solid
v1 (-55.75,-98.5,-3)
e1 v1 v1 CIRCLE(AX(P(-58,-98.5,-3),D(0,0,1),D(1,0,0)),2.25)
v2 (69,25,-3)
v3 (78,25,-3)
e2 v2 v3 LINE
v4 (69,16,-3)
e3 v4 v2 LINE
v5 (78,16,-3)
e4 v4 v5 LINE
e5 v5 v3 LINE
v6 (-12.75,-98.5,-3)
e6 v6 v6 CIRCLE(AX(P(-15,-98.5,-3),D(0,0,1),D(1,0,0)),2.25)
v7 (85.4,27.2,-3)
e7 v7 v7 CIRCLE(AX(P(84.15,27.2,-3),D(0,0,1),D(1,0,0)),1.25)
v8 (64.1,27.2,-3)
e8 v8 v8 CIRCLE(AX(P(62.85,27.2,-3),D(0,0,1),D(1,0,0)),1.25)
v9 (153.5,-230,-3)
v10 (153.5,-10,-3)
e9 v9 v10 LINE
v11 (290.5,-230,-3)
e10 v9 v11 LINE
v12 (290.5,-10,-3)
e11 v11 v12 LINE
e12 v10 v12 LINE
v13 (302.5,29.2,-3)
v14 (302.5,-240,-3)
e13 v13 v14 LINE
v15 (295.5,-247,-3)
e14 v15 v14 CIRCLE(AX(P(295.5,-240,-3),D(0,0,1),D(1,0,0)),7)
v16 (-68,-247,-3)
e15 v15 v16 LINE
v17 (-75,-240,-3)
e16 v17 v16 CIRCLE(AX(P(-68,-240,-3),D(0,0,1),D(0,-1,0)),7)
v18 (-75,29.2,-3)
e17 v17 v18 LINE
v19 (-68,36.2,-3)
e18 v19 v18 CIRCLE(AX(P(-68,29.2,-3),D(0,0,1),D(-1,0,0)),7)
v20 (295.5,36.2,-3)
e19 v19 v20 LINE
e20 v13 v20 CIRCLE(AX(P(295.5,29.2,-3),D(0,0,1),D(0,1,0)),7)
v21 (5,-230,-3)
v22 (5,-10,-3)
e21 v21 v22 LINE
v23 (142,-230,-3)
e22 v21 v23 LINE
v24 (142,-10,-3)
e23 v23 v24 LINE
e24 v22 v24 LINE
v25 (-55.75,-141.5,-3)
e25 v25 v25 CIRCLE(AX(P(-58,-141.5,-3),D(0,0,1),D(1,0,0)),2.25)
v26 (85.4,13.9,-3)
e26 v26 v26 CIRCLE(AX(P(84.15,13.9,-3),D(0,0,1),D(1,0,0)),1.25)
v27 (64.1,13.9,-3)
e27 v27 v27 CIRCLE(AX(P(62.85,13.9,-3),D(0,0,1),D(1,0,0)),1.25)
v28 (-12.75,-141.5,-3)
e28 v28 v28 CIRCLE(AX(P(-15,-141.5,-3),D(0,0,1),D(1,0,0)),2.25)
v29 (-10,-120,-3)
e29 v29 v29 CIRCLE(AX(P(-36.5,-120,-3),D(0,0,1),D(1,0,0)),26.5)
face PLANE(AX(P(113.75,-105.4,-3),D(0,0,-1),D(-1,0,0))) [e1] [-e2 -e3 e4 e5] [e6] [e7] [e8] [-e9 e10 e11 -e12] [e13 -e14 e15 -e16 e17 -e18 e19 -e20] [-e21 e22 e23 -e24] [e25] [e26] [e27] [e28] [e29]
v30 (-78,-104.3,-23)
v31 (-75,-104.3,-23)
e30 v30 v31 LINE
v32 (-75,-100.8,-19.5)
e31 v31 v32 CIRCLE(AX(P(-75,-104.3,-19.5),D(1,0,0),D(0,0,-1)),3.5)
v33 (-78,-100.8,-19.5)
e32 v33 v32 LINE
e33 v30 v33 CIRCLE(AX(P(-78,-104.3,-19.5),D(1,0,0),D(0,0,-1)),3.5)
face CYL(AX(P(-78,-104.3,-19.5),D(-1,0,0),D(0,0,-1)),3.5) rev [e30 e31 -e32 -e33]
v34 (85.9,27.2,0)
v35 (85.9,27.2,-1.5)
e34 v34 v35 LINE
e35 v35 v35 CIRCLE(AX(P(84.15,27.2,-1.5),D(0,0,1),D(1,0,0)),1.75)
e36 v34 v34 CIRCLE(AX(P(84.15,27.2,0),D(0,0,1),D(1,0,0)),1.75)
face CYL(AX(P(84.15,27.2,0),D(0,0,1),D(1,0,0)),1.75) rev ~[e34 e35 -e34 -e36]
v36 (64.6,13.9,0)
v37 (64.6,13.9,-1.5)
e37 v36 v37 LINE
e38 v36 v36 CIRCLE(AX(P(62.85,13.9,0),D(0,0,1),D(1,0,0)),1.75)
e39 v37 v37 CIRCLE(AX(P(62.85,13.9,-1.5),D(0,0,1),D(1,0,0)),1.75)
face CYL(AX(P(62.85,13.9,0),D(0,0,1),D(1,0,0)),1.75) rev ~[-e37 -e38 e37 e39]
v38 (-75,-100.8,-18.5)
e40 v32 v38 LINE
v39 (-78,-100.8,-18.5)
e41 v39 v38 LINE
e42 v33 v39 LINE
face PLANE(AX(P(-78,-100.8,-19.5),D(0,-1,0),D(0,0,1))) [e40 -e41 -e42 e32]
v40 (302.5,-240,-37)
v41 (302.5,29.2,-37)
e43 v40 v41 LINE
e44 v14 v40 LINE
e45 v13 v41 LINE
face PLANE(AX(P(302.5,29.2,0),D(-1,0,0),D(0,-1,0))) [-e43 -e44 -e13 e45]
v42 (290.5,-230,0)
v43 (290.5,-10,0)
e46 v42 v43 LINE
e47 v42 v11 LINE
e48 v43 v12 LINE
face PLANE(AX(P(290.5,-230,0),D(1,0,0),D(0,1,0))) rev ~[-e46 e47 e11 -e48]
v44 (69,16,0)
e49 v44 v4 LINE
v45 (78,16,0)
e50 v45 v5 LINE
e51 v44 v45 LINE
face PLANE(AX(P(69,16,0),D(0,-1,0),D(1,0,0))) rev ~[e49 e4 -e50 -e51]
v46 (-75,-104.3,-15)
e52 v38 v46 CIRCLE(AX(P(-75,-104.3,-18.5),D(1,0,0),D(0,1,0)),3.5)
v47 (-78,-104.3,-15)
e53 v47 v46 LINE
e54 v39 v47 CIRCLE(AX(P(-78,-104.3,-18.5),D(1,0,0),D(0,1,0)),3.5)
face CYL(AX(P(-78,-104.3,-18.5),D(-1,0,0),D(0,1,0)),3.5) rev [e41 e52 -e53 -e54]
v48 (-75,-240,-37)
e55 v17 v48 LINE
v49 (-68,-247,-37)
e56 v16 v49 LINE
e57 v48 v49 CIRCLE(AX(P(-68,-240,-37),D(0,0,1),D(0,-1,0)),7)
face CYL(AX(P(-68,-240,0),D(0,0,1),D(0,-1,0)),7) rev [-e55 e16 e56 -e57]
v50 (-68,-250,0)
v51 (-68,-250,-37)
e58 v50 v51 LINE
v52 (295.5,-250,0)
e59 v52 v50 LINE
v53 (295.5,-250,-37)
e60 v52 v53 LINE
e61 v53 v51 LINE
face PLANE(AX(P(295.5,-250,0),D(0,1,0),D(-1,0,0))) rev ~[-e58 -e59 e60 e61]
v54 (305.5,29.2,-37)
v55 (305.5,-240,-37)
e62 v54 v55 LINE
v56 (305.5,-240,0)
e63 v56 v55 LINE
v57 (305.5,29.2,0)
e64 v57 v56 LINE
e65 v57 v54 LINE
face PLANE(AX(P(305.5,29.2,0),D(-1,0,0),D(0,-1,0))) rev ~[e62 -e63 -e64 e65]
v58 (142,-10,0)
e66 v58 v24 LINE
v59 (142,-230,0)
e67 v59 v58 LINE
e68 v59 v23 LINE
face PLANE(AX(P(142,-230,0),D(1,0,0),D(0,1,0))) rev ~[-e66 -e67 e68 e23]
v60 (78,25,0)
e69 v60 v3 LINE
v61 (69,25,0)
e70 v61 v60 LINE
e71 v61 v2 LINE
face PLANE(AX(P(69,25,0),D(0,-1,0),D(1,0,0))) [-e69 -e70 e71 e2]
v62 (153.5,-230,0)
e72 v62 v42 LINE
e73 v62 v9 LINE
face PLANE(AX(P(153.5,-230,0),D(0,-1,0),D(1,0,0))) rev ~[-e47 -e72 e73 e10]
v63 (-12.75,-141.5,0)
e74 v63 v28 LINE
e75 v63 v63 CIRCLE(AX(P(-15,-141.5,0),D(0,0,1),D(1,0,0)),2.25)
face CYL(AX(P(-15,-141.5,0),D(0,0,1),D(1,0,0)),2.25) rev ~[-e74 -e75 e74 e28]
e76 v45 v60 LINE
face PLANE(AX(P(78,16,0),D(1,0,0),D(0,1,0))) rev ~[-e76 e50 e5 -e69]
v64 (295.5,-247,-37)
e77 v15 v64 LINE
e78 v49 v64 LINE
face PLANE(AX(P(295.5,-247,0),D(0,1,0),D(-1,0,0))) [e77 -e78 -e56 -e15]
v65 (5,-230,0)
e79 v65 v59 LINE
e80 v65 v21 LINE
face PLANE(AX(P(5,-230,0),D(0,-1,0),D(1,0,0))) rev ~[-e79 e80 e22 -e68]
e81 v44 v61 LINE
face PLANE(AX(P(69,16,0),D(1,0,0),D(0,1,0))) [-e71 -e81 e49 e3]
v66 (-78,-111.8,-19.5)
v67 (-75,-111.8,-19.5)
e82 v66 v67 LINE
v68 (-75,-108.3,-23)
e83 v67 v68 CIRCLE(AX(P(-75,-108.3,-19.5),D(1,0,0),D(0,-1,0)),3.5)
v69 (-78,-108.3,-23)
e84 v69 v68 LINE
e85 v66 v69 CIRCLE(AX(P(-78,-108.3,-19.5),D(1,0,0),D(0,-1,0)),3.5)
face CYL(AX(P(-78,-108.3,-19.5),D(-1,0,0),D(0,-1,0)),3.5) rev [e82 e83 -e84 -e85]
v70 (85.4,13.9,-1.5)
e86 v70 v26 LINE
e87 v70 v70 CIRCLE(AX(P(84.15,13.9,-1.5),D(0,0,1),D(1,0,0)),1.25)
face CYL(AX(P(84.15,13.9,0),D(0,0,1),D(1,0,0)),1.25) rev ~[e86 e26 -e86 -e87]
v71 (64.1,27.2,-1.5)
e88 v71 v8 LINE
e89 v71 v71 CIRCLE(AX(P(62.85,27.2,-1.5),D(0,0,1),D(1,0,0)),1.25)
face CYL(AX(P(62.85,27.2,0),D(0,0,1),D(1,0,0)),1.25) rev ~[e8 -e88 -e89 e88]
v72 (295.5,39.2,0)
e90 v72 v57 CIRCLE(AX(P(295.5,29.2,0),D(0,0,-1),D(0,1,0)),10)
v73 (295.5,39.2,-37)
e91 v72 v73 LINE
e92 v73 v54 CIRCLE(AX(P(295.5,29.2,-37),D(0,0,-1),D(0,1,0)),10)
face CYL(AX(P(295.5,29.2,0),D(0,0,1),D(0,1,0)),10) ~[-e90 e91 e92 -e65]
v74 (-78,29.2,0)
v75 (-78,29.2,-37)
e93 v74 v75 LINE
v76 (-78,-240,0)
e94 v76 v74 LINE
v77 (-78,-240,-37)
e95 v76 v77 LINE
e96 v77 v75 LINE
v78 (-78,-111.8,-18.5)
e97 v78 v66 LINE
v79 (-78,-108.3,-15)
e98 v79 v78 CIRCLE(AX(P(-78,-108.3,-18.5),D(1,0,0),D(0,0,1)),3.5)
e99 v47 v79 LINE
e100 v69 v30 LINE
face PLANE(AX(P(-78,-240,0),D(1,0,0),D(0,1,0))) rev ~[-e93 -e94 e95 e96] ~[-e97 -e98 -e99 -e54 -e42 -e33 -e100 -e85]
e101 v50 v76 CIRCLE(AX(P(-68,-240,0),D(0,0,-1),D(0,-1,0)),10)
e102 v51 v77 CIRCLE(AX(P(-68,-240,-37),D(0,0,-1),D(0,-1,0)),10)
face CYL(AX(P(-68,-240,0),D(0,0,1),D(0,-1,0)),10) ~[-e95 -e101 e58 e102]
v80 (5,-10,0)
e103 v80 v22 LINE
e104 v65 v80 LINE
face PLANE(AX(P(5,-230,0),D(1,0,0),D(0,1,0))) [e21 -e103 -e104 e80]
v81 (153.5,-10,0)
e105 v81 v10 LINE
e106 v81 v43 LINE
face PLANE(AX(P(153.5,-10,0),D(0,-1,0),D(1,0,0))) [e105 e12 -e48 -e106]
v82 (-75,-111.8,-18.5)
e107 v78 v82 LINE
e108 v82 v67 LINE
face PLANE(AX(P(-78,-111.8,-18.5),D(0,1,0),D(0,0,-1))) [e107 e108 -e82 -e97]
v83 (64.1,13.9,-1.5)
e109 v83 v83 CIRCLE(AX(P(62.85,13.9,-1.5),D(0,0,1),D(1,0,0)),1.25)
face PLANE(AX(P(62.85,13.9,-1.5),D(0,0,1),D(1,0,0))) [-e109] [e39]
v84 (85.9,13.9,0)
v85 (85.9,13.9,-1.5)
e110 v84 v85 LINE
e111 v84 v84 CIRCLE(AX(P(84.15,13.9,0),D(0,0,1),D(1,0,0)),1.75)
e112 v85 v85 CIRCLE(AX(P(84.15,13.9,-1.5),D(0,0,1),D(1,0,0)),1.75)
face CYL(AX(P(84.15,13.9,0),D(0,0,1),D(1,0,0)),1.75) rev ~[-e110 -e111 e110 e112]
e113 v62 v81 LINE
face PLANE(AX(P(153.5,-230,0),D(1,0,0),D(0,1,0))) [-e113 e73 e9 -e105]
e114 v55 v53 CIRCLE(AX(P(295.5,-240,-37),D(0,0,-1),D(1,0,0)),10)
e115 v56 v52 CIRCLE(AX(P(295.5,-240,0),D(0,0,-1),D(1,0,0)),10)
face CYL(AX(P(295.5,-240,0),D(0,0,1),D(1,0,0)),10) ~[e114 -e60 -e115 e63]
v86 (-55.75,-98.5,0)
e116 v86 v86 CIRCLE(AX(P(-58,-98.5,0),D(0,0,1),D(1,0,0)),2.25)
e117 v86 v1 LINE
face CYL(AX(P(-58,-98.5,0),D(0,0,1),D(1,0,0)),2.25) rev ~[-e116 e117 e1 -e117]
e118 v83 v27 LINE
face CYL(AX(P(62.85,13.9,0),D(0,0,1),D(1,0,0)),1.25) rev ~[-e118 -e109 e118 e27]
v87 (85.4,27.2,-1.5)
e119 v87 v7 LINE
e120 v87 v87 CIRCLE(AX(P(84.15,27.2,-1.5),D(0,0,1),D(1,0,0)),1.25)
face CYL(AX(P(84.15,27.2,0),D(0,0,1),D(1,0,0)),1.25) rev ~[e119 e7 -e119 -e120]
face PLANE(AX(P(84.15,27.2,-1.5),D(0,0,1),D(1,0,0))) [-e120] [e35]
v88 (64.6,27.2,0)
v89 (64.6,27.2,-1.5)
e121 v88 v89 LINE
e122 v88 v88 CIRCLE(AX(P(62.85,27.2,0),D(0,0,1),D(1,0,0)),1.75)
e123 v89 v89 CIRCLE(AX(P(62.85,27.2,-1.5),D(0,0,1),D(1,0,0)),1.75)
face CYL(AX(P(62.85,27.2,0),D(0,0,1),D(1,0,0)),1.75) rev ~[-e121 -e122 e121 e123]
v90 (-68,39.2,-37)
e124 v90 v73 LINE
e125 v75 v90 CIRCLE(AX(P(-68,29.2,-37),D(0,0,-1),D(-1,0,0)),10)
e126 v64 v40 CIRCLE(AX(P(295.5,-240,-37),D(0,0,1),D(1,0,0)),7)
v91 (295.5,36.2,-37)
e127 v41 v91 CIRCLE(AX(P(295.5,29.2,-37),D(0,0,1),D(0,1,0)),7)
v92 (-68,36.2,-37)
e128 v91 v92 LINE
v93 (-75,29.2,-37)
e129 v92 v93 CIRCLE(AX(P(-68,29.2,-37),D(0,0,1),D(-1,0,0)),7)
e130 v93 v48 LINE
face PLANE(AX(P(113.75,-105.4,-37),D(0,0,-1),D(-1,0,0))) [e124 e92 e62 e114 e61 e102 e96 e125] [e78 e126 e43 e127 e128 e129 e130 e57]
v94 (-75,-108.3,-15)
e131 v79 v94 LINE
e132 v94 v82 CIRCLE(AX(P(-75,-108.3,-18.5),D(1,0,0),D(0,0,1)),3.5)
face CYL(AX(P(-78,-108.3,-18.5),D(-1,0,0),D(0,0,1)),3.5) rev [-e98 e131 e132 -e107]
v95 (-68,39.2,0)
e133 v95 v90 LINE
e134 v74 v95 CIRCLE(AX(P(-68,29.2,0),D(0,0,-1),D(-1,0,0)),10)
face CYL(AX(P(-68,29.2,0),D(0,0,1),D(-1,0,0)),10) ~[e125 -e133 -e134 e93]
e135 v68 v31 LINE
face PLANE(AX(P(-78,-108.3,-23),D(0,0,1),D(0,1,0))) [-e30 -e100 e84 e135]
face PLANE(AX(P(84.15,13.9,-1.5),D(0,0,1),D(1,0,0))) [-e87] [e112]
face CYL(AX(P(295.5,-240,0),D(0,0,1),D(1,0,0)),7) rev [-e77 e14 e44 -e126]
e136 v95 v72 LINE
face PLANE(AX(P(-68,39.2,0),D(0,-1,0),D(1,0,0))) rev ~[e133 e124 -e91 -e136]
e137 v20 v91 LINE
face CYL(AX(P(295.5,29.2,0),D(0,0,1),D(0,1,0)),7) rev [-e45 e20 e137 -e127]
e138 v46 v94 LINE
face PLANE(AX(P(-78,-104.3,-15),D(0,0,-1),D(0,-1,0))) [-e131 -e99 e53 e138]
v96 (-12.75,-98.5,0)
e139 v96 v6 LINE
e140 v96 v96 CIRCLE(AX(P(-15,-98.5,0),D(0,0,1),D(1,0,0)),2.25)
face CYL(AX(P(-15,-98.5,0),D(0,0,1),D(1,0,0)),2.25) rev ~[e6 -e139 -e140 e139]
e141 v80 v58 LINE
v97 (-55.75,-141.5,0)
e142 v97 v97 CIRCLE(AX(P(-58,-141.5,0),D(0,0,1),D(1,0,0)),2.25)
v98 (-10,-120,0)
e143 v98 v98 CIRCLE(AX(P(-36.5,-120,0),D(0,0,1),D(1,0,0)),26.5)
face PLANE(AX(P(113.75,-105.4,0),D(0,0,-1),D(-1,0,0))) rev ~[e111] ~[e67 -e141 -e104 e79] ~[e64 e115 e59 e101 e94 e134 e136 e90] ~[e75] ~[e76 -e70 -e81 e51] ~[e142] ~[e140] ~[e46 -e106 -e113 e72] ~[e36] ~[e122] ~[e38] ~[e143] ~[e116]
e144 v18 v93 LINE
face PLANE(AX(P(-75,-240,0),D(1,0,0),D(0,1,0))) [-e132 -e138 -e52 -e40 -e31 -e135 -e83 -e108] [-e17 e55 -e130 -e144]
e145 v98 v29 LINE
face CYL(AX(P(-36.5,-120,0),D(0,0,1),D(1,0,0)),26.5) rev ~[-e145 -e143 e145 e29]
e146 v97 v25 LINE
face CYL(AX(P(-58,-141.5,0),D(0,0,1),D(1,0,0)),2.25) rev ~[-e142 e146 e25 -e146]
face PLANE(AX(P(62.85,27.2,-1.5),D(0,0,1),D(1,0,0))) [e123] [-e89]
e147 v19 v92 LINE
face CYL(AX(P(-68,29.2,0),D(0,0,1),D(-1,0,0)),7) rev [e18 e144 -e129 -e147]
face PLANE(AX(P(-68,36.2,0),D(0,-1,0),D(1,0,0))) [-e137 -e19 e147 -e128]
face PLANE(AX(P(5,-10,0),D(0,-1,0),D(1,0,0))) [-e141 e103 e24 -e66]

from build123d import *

# Parameters (mm, degrees)
EXTRUDE_1_DEPTH      = 37
SHELL_4_T            = -3
SKETCH_1_8_R         = 2.25
SKETCH_1_8_R_2       = 26.5
SKETCH_1_8_R_3       = 1.25
SKETCH_1_8_W         = 137
SKETCH_1_8_H         = 220
SKETCH_1_8_W_2       = 9
SKETCH_1_8_H_2       = 9
CUT_EXTRUDE_8_DEPTH  = 3
SKETCH_1_9_R         = 1.75
CUT_EXTRUDE_9_DEPTH  = 1.5
CUT_EXTRUDE_10_DEPTH = 3


with BuildPart() as part:
    # 草图1 → 凸台-拉伸1 (new body)
    with BuildSketch(Plane.XY):
        with BuildLine():
            Line((-68, 39.2), (295.5, 39.2))
            ThreePointArc((295.5, 39.2), (302.571067812, 36.271067812), (305.5, 29.2))
            Line((305.5, 29.2), (305.5, -240))
            ThreePointArc((305.5, -240), (302.571067812, -247.071067812), (295.5, -250))
            Line((295.5, -250), (-68, -250))
            ThreePointArc((-68, -250), (-75.071067812, -247.071067812), (-78, -240))
            Line((-78, -240), (-78, 29.2))
            ThreePointArc((-78, 29.2), (-75.071067812, 36.271067812), (-68, 39.2))
        make_face()
    extrude(amount=-EXTRUDE_1_DEPTH)

    # 抽壳4
    shell_4_openings = [part.faces().sort_by_distance(p)[0] for p in [
        (113.75, -105.4, -37),
    ]]
    offset(amount=SHELL_4_T, openings=shell_4_openings, kind=Kind.INTERSECTION)

    # 草图1<8> → 切除-拉伸8 (cut)
    with BuildSketch(Plane.XY):
        with Locations((-58, -98.5)):
            Circle(SKETCH_1_8_R)
        with Locations((-36.5, -120)):
            Circle(SKETCH_1_8_R_2)
        with Locations((-15, -98.5)):
            Circle(SKETCH_1_8_R)
        with Locations((-15, -141.5)):
            Circle(SKETCH_1_8_R)
        with Locations((-58, -141.5)):
            Circle(SKETCH_1_8_R)
        with Locations((62.85, 27.2)):
            Circle(SKETCH_1_8_R_3)
        with Locations((84.15, 27.2)):
            Circle(SKETCH_1_8_R_3)
        with Locations((84.15, 13.9)):
            Circle(SKETCH_1_8_R_3)
        with Locations((62.85, 13.9)):
            Circle(SKETCH_1_8_R_3)
        with Locations((73.5, -120)):
            Rectangle(SKETCH_1_8_W, SKETCH_1_8_H)
        with Locations((222, -120)):
            Rectangle(SKETCH_1_8_W, SKETCH_1_8_H)
        with Locations((73.5, 20.5)):
            Rectangle(SKETCH_1_8_W_2, SKETCH_1_8_H_2)
    extrude(amount=-CUT_EXTRUDE_8_DEPTH, mode=Mode.SUBTRACT)

    # 草图1<9> → 切除-拉伸9 (cut)
    with BuildSketch(Plane.XY):
        with Locations((62.85, 27.2)):
            Circle(SKETCH_1_9_R)
        with Locations((84.15, 27.2)):
            Circle(SKETCH_1_9_R)
        with Locations((84.15, 13.9)):
            Circle(SKETCH_1_9_R)
        with Locations((62.85, 13.9)):
            Circle(SKETCH_1_9_R)
    extrude(amount=-CUT_EXTRUDE_9_DEPTH, mode=Mode.SUBTRACT)

    # 草图2 → 切除-拉伸10 (cut)
    with BuildSketch(Plane.ZY.offset(78)):
        with BuildLine():
            Line((-19.5, -100.8), (-18.5, -100.8))
            ThreePointArc((-18.5, -100.8), (-16.025126266, -101.825126266), (-15, -104.3))
            Line((-15, -104.3), (-15, -108.3))
            ThreePointArc((-15, -108.3), (-16.025126266, -110.774873734), (-18.5, -111.8))
            Line((-18.5, -111.8), (-19.5, -111.8))
            ThreePointArc((-19.5, -111.8), (-21.974873734, -110.774873734), (-23, -108.3))
            Line((-23, -108.3), (-23, -104.3))
            ThreePointArc((-23, -104.3), (-21.974873734, -101.825126266), (-19.5, -100.8))
        make_face()
    extrude(amount=-CUT_EXTRUDE_10_DEPTH, mode=Mode.SUBTRACT)


solid = part.part
